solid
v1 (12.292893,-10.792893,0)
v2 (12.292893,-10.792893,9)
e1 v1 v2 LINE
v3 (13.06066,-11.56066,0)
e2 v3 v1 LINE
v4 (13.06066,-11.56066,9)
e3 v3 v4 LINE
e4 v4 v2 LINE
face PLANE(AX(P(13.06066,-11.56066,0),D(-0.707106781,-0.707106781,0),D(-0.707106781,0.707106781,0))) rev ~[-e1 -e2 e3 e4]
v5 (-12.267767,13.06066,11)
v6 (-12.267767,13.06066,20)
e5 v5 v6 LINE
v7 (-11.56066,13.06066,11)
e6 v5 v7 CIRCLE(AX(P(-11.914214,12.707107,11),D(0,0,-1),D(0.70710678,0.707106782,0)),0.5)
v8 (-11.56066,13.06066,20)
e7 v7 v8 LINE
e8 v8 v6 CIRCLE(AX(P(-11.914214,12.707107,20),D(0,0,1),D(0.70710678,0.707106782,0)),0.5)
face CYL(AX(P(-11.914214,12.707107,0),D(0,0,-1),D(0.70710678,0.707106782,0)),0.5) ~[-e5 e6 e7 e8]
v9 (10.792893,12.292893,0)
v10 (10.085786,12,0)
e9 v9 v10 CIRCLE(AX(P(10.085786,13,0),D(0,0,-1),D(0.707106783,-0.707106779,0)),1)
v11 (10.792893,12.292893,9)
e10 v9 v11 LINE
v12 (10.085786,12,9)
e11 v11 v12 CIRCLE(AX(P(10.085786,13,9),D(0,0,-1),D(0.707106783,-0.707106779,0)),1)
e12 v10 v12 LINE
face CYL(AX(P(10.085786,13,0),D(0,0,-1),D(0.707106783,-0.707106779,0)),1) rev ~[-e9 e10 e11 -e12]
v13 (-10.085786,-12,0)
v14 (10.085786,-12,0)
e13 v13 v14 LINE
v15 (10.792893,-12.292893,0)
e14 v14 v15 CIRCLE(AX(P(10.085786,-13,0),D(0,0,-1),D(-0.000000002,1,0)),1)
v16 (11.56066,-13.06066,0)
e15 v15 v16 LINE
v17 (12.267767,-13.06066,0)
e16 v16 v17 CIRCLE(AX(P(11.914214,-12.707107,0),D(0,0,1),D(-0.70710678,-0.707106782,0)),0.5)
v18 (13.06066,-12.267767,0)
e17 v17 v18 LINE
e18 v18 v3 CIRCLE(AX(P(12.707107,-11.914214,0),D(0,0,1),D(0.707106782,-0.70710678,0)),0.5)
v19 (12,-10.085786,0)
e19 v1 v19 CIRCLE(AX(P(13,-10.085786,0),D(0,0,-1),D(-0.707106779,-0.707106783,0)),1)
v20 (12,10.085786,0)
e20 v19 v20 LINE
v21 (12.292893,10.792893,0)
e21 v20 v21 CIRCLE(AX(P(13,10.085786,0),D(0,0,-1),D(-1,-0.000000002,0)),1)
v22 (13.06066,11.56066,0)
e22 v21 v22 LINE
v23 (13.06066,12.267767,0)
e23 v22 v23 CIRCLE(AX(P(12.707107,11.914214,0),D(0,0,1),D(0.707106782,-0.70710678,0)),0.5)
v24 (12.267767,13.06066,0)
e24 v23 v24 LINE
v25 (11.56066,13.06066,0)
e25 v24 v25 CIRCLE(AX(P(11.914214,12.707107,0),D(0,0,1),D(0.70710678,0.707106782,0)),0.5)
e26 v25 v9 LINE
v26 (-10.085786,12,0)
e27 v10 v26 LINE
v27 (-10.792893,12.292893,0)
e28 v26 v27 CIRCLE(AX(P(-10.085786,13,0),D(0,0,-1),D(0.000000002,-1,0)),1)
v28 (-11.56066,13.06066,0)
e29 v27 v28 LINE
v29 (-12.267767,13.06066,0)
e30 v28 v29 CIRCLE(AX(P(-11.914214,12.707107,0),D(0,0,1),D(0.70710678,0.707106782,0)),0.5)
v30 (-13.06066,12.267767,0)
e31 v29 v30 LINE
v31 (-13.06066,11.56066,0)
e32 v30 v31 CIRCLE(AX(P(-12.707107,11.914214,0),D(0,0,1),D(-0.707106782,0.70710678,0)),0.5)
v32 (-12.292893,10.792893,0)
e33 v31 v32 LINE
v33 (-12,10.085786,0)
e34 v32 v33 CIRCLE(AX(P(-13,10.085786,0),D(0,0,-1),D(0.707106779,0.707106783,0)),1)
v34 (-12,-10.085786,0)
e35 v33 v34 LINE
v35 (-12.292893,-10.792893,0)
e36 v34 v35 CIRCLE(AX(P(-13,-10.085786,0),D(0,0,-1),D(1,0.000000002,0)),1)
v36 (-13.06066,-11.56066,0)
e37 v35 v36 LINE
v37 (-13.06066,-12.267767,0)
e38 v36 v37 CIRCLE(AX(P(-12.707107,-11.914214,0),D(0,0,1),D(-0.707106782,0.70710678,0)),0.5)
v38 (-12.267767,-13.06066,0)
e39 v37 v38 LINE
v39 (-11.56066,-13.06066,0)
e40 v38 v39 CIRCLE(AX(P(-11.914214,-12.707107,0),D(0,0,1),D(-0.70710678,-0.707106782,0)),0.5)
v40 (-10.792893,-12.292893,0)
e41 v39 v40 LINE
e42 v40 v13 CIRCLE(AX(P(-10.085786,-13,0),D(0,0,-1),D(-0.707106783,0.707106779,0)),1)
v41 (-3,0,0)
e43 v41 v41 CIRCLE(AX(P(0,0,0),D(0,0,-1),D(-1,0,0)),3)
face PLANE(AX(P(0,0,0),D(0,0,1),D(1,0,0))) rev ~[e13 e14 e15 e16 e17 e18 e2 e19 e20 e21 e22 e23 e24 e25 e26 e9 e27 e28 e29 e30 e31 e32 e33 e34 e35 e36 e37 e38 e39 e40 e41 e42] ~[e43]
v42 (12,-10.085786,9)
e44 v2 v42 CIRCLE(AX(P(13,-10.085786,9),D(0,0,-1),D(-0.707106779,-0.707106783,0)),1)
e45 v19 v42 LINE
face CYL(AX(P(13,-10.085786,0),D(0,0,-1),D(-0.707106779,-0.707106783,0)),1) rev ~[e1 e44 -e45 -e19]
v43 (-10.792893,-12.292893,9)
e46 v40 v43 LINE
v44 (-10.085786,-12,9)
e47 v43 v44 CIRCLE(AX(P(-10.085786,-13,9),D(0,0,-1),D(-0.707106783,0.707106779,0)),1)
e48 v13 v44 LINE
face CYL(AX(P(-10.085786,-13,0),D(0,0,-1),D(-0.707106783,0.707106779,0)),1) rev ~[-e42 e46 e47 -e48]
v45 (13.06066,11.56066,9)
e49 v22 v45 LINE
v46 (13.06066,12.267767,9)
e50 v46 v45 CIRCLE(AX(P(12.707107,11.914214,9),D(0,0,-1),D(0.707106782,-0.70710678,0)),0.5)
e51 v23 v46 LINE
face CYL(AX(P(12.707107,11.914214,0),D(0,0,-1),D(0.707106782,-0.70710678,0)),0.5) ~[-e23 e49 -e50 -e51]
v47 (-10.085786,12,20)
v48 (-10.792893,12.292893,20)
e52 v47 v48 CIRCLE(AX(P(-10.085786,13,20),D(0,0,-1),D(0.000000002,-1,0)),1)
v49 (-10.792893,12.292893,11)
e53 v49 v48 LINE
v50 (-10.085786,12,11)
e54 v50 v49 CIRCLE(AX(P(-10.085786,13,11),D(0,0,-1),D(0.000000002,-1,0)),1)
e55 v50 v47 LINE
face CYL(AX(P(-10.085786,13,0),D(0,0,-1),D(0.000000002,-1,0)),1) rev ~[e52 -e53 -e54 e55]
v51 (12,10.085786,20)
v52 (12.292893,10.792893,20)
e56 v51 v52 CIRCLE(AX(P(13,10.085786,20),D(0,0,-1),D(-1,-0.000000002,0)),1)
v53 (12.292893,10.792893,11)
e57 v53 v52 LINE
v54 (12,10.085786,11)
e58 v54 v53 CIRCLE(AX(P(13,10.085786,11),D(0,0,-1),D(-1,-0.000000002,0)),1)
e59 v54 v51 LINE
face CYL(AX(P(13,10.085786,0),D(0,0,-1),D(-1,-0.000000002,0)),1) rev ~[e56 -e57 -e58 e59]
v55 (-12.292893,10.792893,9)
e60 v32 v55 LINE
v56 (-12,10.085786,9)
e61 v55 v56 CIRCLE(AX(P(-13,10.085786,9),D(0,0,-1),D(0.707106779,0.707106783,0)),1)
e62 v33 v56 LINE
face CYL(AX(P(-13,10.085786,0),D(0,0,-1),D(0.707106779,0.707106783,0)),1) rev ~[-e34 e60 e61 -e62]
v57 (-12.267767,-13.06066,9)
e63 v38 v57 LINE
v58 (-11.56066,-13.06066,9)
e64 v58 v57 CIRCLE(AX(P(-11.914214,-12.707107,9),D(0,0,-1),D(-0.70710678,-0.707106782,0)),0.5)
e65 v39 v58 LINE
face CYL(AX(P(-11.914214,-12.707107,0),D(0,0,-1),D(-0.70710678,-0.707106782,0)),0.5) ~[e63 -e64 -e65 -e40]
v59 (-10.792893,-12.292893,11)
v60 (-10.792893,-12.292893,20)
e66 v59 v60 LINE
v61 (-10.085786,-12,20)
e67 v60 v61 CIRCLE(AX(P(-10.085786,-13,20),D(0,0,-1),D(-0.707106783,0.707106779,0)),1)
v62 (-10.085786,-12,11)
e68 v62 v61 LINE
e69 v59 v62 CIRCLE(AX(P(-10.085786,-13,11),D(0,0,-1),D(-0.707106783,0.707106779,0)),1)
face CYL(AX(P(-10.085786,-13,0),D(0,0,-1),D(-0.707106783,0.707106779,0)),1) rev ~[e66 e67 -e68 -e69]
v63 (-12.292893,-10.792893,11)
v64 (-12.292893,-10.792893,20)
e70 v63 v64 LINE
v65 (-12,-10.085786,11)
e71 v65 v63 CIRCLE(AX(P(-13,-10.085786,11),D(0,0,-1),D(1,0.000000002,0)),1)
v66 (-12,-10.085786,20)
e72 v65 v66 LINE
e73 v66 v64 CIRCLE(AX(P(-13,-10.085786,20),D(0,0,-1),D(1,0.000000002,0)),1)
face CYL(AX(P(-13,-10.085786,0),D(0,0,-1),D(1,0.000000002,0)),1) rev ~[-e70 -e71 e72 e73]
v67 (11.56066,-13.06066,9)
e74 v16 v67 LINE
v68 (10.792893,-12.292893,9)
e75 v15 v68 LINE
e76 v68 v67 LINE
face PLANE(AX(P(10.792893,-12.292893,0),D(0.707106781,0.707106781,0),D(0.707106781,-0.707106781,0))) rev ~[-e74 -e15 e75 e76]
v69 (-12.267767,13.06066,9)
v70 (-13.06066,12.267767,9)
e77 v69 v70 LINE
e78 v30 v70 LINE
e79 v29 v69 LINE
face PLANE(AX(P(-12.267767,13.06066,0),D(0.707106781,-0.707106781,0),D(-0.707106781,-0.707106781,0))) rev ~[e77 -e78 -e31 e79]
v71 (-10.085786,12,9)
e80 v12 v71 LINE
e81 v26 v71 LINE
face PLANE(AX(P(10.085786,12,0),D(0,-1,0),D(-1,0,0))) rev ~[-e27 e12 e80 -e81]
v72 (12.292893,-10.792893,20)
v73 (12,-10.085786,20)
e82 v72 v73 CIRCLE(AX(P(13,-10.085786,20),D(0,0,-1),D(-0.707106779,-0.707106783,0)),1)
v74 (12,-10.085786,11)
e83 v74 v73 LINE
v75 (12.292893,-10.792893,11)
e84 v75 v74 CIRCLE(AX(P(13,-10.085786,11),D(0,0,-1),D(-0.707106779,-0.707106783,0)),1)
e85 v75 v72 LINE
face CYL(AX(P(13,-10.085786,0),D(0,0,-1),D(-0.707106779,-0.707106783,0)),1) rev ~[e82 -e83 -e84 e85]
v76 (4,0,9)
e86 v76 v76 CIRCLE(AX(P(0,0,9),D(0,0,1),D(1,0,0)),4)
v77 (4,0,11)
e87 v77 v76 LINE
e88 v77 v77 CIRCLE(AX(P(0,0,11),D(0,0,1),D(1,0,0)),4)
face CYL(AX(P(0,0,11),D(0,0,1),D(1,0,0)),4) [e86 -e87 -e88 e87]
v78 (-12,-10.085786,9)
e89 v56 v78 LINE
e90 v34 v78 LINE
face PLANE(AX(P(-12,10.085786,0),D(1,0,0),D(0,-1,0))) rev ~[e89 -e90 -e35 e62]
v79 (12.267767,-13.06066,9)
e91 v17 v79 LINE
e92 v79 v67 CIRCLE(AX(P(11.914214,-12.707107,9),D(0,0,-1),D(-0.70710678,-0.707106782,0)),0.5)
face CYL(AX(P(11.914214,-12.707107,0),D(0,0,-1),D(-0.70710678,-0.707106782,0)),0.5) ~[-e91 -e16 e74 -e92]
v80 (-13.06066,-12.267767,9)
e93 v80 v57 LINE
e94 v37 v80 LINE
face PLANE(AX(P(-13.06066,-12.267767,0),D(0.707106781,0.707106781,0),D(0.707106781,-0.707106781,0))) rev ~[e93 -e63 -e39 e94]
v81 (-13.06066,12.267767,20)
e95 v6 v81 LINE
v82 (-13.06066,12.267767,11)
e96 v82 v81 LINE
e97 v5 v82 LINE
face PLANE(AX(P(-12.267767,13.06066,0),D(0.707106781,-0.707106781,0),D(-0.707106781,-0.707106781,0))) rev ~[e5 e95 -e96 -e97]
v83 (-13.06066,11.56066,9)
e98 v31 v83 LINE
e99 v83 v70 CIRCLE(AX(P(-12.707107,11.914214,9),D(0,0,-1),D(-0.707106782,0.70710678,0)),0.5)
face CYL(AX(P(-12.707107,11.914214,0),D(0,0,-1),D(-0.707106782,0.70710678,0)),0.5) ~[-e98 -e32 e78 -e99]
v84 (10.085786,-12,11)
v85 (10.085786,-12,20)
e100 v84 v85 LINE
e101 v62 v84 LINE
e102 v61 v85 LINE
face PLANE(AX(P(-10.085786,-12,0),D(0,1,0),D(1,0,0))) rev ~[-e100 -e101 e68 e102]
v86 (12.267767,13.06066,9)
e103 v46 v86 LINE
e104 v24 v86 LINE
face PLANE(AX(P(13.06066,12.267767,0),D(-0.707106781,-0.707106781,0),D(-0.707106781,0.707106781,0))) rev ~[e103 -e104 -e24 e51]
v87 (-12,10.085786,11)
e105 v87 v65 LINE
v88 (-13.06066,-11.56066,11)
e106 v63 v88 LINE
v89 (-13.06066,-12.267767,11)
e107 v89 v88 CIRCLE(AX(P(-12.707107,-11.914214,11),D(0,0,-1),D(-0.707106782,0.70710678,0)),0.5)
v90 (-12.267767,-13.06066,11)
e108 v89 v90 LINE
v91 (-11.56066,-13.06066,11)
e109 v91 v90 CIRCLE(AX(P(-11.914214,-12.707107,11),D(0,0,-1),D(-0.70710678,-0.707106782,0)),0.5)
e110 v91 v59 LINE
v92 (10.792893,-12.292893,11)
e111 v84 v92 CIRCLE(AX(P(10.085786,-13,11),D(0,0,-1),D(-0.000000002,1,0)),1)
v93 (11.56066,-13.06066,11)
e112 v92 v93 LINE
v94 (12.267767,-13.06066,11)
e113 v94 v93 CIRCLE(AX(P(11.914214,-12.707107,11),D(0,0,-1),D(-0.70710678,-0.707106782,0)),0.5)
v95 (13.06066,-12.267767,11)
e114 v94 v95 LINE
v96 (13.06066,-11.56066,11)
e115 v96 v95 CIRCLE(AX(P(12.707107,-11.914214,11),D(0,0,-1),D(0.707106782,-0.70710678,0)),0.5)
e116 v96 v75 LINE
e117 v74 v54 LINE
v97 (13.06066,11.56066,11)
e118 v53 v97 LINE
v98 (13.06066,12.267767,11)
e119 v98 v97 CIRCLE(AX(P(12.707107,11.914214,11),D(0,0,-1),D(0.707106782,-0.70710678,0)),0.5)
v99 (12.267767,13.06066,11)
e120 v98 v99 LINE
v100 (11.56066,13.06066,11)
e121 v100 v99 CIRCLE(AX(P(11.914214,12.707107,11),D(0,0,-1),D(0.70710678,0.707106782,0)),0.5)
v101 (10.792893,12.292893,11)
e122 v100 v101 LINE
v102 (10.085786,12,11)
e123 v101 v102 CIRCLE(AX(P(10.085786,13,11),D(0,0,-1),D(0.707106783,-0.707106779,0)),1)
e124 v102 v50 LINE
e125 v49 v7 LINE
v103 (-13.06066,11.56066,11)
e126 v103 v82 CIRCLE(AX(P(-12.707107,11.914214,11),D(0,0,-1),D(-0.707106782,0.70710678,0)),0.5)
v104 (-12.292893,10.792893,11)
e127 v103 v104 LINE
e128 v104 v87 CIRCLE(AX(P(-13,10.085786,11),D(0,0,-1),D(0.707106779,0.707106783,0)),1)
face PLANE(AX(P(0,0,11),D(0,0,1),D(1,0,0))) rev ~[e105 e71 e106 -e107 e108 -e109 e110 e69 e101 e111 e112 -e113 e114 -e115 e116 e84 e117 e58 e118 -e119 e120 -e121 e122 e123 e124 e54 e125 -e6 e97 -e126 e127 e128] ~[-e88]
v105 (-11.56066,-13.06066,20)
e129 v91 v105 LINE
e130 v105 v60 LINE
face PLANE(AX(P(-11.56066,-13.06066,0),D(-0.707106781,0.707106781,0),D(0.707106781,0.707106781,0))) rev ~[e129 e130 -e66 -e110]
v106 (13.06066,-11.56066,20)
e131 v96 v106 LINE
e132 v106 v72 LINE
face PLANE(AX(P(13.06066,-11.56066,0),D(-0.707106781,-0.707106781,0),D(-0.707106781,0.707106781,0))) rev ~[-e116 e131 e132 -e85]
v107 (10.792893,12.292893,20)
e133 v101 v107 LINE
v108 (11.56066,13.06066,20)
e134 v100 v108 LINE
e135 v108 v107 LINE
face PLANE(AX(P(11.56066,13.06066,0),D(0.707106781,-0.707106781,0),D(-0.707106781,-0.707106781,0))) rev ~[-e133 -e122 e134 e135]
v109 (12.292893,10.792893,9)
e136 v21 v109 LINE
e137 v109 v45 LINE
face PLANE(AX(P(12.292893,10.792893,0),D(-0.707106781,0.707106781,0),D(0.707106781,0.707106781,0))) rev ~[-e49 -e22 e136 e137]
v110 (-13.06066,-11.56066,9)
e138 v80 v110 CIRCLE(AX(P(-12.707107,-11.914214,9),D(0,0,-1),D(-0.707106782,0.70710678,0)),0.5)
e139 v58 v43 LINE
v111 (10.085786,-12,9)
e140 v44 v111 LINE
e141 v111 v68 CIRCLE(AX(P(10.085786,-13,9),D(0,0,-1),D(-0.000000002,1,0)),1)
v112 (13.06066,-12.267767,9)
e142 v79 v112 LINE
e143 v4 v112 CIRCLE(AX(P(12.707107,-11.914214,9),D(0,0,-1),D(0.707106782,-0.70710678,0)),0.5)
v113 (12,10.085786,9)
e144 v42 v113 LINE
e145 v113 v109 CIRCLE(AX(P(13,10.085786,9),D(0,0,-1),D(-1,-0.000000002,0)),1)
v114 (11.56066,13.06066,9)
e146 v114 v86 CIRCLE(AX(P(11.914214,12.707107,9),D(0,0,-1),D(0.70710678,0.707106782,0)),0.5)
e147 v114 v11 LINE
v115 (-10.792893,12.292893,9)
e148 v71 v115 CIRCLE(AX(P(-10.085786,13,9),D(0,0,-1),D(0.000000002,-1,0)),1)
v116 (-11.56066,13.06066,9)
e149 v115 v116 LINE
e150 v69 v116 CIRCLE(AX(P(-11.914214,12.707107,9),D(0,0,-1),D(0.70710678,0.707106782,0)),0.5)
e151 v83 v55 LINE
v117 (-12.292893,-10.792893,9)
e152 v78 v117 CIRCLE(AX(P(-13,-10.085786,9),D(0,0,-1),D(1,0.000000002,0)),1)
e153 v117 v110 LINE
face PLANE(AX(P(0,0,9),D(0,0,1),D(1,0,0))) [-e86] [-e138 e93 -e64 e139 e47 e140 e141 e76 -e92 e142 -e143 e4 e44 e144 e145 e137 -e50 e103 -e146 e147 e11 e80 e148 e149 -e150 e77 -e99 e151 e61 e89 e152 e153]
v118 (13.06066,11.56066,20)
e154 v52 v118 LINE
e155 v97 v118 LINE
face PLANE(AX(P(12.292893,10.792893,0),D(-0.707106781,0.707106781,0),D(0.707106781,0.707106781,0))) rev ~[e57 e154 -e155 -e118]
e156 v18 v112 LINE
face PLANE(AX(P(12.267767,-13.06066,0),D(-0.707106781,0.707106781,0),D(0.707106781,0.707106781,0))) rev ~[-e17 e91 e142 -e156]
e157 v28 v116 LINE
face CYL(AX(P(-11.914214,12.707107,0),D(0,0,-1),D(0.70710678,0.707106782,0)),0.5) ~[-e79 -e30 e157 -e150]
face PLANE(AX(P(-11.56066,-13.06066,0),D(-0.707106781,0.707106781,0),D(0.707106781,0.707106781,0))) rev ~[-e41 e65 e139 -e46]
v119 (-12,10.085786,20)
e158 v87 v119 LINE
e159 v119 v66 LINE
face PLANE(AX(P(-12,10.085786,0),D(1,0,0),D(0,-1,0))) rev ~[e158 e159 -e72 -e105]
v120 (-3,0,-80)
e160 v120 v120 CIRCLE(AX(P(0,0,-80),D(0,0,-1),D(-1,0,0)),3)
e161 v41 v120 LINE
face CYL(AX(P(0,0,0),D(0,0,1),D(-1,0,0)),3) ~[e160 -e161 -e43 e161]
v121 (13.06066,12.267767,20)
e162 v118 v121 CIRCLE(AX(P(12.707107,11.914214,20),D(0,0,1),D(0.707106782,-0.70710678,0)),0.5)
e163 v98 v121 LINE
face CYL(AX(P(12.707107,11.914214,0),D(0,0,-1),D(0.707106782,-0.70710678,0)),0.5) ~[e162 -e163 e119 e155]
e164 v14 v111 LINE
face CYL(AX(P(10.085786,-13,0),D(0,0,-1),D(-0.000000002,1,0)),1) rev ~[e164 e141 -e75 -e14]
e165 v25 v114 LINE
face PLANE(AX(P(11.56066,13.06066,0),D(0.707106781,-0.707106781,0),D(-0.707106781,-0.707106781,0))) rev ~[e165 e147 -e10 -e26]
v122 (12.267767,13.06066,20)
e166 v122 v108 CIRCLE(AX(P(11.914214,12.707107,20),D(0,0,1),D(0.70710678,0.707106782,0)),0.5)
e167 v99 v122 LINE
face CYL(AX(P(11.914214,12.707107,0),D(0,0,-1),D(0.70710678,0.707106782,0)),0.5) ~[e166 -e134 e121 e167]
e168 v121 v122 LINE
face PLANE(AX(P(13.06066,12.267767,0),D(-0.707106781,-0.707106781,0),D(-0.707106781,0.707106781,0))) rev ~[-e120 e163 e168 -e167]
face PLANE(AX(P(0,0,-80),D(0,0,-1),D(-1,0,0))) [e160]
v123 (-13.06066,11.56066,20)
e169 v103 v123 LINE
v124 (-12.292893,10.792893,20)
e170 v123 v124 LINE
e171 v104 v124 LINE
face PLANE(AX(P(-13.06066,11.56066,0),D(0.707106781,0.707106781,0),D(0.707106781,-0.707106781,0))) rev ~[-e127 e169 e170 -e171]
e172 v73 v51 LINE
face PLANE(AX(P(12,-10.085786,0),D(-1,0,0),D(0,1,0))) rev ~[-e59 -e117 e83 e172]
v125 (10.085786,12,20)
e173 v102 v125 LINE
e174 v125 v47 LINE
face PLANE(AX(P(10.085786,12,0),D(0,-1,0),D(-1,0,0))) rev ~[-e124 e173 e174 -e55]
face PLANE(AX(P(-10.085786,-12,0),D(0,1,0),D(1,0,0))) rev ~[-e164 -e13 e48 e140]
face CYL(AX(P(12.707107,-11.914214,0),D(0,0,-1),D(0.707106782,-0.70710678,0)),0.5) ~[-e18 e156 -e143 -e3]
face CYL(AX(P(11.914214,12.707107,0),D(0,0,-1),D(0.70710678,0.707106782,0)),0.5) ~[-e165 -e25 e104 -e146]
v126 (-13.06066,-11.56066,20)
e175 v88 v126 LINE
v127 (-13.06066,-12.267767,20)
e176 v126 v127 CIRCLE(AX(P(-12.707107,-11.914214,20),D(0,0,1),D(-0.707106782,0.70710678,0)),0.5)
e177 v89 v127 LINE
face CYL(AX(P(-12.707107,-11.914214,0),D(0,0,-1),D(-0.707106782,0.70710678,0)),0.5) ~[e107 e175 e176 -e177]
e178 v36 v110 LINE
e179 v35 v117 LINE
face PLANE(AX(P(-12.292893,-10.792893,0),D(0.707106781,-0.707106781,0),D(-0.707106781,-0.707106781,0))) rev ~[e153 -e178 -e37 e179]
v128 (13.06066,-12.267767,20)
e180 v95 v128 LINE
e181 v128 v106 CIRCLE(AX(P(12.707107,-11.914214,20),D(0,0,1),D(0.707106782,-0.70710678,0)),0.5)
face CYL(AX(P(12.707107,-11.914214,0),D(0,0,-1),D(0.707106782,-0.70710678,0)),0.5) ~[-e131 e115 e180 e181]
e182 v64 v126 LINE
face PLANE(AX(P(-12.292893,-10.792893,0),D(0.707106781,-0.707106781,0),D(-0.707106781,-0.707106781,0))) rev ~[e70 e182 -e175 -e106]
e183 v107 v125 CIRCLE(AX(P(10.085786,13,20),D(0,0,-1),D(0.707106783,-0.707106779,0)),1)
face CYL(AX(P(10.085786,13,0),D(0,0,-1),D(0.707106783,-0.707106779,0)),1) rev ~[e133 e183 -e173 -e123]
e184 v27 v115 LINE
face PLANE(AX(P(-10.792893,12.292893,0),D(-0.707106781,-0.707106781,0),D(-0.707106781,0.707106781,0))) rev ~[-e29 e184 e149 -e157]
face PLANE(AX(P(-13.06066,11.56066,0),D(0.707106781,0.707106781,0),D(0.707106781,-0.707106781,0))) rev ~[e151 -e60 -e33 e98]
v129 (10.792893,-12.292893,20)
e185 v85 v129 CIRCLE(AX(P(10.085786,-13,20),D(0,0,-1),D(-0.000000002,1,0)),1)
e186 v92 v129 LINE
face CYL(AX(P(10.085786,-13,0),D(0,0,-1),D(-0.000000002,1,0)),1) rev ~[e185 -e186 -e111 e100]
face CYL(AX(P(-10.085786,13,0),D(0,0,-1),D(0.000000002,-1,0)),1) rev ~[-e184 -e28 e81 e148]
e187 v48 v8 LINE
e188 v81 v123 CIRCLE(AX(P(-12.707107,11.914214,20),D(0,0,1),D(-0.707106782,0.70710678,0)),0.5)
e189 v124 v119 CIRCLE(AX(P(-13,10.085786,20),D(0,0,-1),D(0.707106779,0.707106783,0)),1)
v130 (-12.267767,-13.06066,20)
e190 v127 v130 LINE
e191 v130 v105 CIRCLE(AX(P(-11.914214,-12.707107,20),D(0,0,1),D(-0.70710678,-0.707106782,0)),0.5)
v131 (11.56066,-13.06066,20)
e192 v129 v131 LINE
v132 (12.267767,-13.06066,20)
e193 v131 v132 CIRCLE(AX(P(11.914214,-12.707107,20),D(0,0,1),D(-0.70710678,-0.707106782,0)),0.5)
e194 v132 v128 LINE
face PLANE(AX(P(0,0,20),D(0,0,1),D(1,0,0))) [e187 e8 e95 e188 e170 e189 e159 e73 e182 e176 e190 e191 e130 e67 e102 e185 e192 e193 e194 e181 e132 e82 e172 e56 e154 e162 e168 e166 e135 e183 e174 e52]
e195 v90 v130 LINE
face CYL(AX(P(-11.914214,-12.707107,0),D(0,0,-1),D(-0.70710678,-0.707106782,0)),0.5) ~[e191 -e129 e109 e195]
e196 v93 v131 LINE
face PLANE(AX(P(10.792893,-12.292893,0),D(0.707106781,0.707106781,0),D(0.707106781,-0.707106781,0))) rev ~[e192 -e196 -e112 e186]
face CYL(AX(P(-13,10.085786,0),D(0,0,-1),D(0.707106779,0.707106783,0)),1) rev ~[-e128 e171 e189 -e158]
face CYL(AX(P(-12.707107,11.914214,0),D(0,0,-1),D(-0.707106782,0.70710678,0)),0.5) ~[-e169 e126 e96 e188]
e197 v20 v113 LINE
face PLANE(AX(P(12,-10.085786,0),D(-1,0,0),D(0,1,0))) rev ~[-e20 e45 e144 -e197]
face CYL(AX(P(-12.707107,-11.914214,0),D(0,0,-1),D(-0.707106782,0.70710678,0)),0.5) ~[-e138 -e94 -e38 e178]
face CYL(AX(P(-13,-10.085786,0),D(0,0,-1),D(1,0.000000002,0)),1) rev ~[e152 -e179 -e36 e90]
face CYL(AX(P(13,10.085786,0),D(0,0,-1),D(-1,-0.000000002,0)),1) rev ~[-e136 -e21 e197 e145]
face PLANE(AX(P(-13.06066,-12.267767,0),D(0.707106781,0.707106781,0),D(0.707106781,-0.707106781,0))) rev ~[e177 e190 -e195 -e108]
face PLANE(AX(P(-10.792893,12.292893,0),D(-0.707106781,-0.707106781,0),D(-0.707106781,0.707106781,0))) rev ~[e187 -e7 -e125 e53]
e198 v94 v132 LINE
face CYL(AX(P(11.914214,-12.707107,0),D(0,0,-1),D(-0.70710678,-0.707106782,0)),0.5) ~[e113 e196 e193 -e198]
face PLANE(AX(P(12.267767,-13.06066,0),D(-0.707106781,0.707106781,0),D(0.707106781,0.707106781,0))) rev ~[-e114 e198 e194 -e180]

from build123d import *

# Parameters (mm, degrees)
BOSS_EXTRUDE1_DEPTH = 20
SKETCH3_R           = 3
BOSS_EXTRUDE2_DEPTH = 80
SKETCH5_R           = 20
SKETCH5_R_2         = 4
CUT_EXTRUDE1_DEPTH  = 2


with BuildPart() as part:
    # Sketch1 → Boss-Extrude1 (new body)
    with BuildSketch(Plane.XY):
        with BuildLine():
            Line((-13.060660172, 11.560660172), (-12.292893219, 10.792893219))
            ThreePointArc((-12.292893219, 10.792893219), (-12.076120467, 10.46846987), (-12, 10.085786438))
            Line((-12, 10.085786438), (-12, -10.085786438))
            ThreePointArc((-12, -10.085786438), (-12.076120467, -10.46846987), (-12.292893219, -10.792893219))
            Line((-12.292893219, -10.792893219), (-13.060660172, -11.560660172))
            ThreePointArc((-13.060660172, -11.560660172), (-13.207106781, -11.914213562), (-13.060660172, -12.267766953))
            Line((-13.060660172, -12.267766953), (-12.267766953, -13.060660172))
            ThreePointArc((-12.267766953, -13.060660172), (-11.914213562, -13.207106781), (-11.560660172, -13.060660172))
            Line((-11.560660172, -13.060660172), (-10.792893219, -12.292893219))
            ThreePointArc((-10.792893219, -12.292893219), (-10.46846987, -12.076120467), (-10.085786438, -12))
            Line((-10.085786438, -12), (10.085786438, -12))
            ThreePointArc((10.085786438, -12), (10.46846987, -12.076120467), (10.792893219, -12.292893219))
            Line((10.792893219, -12.292893219), (11.560660172, -13.060660172))
            ThreePointArc((11.560660172, -13.060660172), (11.914213562, -13.207106781), (12.267766953, -13.060660172))
            Line((12.267766953, -13.060660172), (13.060660172, -12.267766953))
            ThreePointArc((13.060660172, -12.267766953), (13.207106781, -11.914213562), (13.060660172, -11.560660172))
            Line((13.060660172, -11.560660172), (12.292893219, -10.792893219))
            ThreePointArc((12.292893219, -10.792893219), (12.076120467, -10.46846987), (12, -10.085786438))
            Line((12, -10.085786438), (12, 10.085786438))
            ThreePointArc((12, 10.085786438), (12.076120467, 10.46846987), (12.292893219, 10.792893219))
            Line((12.292893219, 10.792893219), (13.060660172, 11.560660172))
            ThreePointArc((13.060660172, 11.560660172), (13.207106781, 11.914213562), (13.060660172, 12.267766953))
            Line((13.060660172, 12.267766953), (12.267766953, 13.060660172))
            ThreePointArc((12.267766953, 13.060660172), (11.914213562, 13.207106781), (11.560660172, 13.060660172))
            Line((11.560660172, 13.060660172), (10.792893219, 12.292893219))
            ThreePointArc((10.792893219, 12.292893219), (10.46846987, 12.076120467), (10.085786438, 12))
            Line((10.085786438, 12), (-10.085786438, 12))
            ThreePointArc((-10.085786438, 12), (-10.46846987, 12.076120467), (-10.792893219, 12.292893219))
            Line((-10.792893219, 12.292893219), (-11.560660172, 13.060660172))
            ThreePointArc((-11.560660172, 13.060660172), (-11.914213562, 13.207106781), (-12.267766953, 13.060660172))
            Line((-12.267766953, 13.060660172), (-13.060660172, 12.267766953))
            ThreePointArc((-13.060660172, 12.267766953), (-13.207106781, 11.914213562), (-13.060660172, 11.560660172))
        make_face()
    extrude(amount=BOSS_EXTRUDE1_DEPTH)

    # Sketch3 → Boss-Extrude2 (add)
    with BuildSketch(Plane(origin=(0, 0, 0), x_dir=(-1, 0, 0), z_dir=(0, 0, -1))):
        Circle(SKETCH3_R)
    extrude(amount=BOSS_EXTRUDE2_DEPTH)

    # Sketch5 → Cut-Extrude1 (cut)
    with BuildSketch(Plane.XY.offset(11)):
        Circle(SKETCH5_R)
        Circle(SKETCH5_R_2, mode=Mode.SUBTRACT)
    extrude(amount=-CUT_EXTRUDE1_DEPTH, mode=Mode.SUBTRACT)


solid = part.part
